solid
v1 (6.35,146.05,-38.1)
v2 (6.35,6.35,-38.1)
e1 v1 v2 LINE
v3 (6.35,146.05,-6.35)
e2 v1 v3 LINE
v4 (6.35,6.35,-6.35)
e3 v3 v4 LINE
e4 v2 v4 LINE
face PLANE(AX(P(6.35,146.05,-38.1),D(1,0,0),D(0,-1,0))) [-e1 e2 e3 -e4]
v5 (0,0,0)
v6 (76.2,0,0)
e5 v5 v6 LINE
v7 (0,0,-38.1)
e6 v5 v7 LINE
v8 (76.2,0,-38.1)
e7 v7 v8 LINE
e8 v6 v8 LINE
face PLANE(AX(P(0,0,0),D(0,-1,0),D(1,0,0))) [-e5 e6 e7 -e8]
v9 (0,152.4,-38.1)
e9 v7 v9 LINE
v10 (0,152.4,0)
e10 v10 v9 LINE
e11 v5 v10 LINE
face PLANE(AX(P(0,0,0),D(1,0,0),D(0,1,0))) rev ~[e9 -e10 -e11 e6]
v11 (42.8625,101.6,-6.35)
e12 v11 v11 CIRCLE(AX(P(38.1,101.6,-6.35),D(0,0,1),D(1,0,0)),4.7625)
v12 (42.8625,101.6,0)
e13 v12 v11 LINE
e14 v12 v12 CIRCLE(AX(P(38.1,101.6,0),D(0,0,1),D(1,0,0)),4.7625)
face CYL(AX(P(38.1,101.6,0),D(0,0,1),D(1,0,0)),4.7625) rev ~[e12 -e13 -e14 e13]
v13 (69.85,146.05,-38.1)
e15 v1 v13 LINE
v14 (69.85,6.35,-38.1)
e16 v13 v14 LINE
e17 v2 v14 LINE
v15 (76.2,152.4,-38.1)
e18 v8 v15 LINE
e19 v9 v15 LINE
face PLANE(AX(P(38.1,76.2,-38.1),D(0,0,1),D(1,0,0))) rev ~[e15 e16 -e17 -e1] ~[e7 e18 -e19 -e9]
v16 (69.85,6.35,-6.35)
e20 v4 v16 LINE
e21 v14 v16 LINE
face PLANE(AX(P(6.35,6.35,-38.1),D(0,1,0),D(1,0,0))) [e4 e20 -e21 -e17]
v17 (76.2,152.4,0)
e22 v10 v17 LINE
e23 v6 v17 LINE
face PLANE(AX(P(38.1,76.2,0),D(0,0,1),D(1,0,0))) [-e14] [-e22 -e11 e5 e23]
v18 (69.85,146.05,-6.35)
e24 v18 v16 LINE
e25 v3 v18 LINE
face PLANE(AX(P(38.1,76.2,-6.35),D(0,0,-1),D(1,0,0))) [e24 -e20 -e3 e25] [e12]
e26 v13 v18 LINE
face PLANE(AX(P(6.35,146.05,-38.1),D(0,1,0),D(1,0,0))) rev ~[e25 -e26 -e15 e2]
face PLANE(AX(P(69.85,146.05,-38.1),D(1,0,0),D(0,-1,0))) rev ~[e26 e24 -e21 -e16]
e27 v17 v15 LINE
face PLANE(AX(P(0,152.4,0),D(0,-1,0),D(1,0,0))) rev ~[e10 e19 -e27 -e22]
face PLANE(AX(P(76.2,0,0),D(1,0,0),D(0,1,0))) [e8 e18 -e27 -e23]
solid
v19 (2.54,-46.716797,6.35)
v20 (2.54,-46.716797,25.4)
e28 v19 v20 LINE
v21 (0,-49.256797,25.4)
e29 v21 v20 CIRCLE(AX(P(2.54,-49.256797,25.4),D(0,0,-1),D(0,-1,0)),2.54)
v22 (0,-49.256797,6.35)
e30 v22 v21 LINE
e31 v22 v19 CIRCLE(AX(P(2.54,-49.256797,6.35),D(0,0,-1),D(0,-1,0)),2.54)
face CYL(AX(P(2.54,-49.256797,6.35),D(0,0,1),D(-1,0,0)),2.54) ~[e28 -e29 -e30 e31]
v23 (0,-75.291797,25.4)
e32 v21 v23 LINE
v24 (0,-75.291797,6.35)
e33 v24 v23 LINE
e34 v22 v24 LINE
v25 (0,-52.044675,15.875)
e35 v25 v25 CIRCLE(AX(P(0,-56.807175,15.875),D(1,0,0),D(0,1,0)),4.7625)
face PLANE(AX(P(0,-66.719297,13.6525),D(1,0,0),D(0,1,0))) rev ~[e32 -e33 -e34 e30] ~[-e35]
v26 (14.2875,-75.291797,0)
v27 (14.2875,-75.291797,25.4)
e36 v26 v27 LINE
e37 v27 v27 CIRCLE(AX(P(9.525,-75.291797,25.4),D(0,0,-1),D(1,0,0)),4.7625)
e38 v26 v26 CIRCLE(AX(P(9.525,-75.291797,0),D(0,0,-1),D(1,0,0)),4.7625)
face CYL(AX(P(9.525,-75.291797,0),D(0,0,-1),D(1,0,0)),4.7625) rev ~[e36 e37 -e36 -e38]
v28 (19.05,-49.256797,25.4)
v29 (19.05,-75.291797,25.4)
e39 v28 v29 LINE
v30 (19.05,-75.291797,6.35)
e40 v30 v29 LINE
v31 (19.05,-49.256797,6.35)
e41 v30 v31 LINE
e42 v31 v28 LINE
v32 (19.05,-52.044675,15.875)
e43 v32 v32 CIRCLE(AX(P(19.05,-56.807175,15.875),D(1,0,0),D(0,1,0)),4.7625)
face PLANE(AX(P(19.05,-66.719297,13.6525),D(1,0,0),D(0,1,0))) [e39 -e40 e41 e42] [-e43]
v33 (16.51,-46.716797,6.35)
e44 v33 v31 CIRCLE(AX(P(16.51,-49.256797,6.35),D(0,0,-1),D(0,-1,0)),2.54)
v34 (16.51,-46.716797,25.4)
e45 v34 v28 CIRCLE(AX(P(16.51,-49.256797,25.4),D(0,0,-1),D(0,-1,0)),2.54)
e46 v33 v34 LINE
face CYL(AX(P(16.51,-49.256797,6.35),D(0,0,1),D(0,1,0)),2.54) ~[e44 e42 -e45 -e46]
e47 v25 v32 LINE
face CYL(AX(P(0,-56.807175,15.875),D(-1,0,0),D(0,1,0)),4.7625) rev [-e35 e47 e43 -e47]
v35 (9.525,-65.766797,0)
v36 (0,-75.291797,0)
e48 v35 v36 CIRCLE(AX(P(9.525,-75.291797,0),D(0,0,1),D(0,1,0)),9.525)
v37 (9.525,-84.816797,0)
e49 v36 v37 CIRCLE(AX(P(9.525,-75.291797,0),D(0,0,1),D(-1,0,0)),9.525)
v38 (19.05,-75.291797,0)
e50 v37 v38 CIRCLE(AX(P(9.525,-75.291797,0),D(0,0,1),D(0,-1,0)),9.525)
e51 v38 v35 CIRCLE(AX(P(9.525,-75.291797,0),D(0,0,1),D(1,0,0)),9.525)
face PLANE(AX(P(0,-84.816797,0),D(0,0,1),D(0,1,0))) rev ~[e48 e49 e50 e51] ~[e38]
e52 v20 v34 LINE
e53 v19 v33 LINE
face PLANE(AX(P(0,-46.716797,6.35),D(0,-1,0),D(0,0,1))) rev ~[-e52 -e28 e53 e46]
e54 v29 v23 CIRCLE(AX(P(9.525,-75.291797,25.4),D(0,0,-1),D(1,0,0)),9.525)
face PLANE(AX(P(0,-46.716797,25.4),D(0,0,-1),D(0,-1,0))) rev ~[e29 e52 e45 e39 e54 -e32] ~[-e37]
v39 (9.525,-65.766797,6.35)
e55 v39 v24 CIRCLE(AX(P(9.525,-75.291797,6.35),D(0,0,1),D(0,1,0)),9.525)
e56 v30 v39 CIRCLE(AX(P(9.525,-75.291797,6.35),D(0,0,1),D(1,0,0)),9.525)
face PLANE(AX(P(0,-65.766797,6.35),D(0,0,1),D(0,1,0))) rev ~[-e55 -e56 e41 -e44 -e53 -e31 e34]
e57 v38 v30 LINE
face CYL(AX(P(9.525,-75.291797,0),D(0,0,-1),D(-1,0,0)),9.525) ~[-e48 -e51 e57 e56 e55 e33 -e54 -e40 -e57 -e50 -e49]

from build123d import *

# Parameters (mm, degrees)
F0_W      = 76.2
F0_H      = 152.4
F1_DEPTH  = 38.1
F3_W      = 63.5
F3_H      = 139.7
F4_DEPTH  = 31.75
F2_R      = 4.7625
F5_DEPTH  = 6.35
F6_R      = 4.7625
F7_DEPTH  = 19.05
F8_R      = 4.7625
F9_DEPTH  = 25.4
F10_R     = 4.7625
F11_DEPTH = 6.35
F13_DEPTH = 25.4
F14_R     = 2.54


with BuildPart() as f1:
    # F0 (on Top) → F1 (new body)
    with BuildSketch(Plane.XY):
        with Locations((38.1, 76.2)):
            Rectangle(F0_W, F0_H)
    extrude(amount=-F1_DEPTH)

    # F3 (on face) → F4 (cut)
    with BuildSketch(Plane(origin=(0, 0, -38.1), x_dir=(1, 0, 0), z_dir=(0, 0, -1))):
        with Locations((38.1, -76.2)):
            Rectangle(F3_W, F3_H)
    extrude(amount=-F4_DEPTH, mode=Mode.SUBTRACT)

    # F2 (on face) → F5 (cut)
    with BuildSketch(Plane.XY):
        with Locations((38.1, 101.6)):
            Circle(F2_R)
    extrude(amount=-F5_DEPTH, mode=Mode.SUBTRACT)


with BuildPart() as f7:
    # F6 (on Right) → F7 (new body)
    with BuildSketch(Plane.YZ):
        Polygon((-84.816796507, 25.4), (-84.816796507, 0), (-65.766796507, 0), (-65.766796507, 6.35), (-46.716796507, 6.35), (-46.716796507, 25.4), align=None)
        with Locations((-56.8071752787, 15.875)):
            Circle(F6_R, mode=Mode.SUBTRACT)
    extrude(amount=F7_DEPTH)

    # F8 (on face) → F9 (cut)
    with BuildSketch(Plane(origin=(0, 0, 0), x_dir=(1, 0, 0), z_dir=(0, 0, -1))):
        with Locations((9.525, 75.291796507)):
            Circle(F8_R)
    extrude(amount=-F9_DEPTH, mode=Mode.SUBTRACT)

    # F10 (on face) → F11 (cut)
    with BuildSketch(Plane(origin=(0, 0, 0), x_dir=(1, 0, 0), z_dir=(0, 0, -1))):
        with BuildLine():
            ThreePointArc((0, 75.291796507), (2.7898079092, 82.0269885978), (9.525, 84.816796507))
            Line((9.525, 84.816796507), (0, 84.816796507))
            Line((0, 84.816796507), (0, 75.291796507))
        make_face()
        with BuildLine():
            Line((0, 65.766796507), (9.525, 65.766796507))
            ThreePointArc((9.525, 65.766796507), (2.7898079092, 68.5566044162), (0, 75.291796507))
            Line((0, 75.291796507), (0, 65.766796507))
        make_face()
        with BuildLine():
            Line((19.05, 65.766796507), (19.05, 75.291796507))
            ThreePointArc((19.05, 75.291796507), (16.2601920908, 68.5566044162), (9.525, 65.766796507))
            Line((9.525, 65.766796507), (19.05, 65.766796507))
        make_face()
        with Locations((9.525, 75.291796507)):
            Circle(F10_R)
        with BuildLine():
            ThreePointArc((9.525, 84.816796507), (16.2601920908, 82.0269885978), (19.05, 75.291796507))
            Line((19.05, 75.291796507), (19.05, 84.816796507))
            Line((19.05, 84.816796507), (9.525, 84.816796507))
        make_face()
    extrude(amount=-F11_DEPTH, mode=Mode.SUBTRACT)

    # F12 (on face) → F13 (cut)
    with BuildSketch(Plane(origin=(0, 0, 0), x_dir=(1, 0, 0), z_dir=(0, 0, -1))):
        with BuildLine():
            ThreePointArc((0, 75.291796507), (9.525, 84.816796507), (19.05, 75.291796507))
            Line((19.05, 75.291796507), (19.05, 86.4143148065))
            Line((19.05, 86.4143148065), (-0.9318563389, 86.4143148065))
            Line((-0.9318563389, 86.4143148065), (-0.9318563389, 75.291796507))
            Line((-0.9318563389, 75.291796507), (0, 75.291796507))
        make_face()
    extrude(amount=-F13_DEPTH, mode=Mode.SUBTRACT)

    # F14
    f14_edges = [f7.edges().sort_by_distance(p)[0] for p in [
        (19.05, -46.716797, 15.875),
        (0, -46.716797, 15.875),
    ]]
    fillet(f14_edges, radius=F14_R)


solid = Compound([f1.part, f7.part])
